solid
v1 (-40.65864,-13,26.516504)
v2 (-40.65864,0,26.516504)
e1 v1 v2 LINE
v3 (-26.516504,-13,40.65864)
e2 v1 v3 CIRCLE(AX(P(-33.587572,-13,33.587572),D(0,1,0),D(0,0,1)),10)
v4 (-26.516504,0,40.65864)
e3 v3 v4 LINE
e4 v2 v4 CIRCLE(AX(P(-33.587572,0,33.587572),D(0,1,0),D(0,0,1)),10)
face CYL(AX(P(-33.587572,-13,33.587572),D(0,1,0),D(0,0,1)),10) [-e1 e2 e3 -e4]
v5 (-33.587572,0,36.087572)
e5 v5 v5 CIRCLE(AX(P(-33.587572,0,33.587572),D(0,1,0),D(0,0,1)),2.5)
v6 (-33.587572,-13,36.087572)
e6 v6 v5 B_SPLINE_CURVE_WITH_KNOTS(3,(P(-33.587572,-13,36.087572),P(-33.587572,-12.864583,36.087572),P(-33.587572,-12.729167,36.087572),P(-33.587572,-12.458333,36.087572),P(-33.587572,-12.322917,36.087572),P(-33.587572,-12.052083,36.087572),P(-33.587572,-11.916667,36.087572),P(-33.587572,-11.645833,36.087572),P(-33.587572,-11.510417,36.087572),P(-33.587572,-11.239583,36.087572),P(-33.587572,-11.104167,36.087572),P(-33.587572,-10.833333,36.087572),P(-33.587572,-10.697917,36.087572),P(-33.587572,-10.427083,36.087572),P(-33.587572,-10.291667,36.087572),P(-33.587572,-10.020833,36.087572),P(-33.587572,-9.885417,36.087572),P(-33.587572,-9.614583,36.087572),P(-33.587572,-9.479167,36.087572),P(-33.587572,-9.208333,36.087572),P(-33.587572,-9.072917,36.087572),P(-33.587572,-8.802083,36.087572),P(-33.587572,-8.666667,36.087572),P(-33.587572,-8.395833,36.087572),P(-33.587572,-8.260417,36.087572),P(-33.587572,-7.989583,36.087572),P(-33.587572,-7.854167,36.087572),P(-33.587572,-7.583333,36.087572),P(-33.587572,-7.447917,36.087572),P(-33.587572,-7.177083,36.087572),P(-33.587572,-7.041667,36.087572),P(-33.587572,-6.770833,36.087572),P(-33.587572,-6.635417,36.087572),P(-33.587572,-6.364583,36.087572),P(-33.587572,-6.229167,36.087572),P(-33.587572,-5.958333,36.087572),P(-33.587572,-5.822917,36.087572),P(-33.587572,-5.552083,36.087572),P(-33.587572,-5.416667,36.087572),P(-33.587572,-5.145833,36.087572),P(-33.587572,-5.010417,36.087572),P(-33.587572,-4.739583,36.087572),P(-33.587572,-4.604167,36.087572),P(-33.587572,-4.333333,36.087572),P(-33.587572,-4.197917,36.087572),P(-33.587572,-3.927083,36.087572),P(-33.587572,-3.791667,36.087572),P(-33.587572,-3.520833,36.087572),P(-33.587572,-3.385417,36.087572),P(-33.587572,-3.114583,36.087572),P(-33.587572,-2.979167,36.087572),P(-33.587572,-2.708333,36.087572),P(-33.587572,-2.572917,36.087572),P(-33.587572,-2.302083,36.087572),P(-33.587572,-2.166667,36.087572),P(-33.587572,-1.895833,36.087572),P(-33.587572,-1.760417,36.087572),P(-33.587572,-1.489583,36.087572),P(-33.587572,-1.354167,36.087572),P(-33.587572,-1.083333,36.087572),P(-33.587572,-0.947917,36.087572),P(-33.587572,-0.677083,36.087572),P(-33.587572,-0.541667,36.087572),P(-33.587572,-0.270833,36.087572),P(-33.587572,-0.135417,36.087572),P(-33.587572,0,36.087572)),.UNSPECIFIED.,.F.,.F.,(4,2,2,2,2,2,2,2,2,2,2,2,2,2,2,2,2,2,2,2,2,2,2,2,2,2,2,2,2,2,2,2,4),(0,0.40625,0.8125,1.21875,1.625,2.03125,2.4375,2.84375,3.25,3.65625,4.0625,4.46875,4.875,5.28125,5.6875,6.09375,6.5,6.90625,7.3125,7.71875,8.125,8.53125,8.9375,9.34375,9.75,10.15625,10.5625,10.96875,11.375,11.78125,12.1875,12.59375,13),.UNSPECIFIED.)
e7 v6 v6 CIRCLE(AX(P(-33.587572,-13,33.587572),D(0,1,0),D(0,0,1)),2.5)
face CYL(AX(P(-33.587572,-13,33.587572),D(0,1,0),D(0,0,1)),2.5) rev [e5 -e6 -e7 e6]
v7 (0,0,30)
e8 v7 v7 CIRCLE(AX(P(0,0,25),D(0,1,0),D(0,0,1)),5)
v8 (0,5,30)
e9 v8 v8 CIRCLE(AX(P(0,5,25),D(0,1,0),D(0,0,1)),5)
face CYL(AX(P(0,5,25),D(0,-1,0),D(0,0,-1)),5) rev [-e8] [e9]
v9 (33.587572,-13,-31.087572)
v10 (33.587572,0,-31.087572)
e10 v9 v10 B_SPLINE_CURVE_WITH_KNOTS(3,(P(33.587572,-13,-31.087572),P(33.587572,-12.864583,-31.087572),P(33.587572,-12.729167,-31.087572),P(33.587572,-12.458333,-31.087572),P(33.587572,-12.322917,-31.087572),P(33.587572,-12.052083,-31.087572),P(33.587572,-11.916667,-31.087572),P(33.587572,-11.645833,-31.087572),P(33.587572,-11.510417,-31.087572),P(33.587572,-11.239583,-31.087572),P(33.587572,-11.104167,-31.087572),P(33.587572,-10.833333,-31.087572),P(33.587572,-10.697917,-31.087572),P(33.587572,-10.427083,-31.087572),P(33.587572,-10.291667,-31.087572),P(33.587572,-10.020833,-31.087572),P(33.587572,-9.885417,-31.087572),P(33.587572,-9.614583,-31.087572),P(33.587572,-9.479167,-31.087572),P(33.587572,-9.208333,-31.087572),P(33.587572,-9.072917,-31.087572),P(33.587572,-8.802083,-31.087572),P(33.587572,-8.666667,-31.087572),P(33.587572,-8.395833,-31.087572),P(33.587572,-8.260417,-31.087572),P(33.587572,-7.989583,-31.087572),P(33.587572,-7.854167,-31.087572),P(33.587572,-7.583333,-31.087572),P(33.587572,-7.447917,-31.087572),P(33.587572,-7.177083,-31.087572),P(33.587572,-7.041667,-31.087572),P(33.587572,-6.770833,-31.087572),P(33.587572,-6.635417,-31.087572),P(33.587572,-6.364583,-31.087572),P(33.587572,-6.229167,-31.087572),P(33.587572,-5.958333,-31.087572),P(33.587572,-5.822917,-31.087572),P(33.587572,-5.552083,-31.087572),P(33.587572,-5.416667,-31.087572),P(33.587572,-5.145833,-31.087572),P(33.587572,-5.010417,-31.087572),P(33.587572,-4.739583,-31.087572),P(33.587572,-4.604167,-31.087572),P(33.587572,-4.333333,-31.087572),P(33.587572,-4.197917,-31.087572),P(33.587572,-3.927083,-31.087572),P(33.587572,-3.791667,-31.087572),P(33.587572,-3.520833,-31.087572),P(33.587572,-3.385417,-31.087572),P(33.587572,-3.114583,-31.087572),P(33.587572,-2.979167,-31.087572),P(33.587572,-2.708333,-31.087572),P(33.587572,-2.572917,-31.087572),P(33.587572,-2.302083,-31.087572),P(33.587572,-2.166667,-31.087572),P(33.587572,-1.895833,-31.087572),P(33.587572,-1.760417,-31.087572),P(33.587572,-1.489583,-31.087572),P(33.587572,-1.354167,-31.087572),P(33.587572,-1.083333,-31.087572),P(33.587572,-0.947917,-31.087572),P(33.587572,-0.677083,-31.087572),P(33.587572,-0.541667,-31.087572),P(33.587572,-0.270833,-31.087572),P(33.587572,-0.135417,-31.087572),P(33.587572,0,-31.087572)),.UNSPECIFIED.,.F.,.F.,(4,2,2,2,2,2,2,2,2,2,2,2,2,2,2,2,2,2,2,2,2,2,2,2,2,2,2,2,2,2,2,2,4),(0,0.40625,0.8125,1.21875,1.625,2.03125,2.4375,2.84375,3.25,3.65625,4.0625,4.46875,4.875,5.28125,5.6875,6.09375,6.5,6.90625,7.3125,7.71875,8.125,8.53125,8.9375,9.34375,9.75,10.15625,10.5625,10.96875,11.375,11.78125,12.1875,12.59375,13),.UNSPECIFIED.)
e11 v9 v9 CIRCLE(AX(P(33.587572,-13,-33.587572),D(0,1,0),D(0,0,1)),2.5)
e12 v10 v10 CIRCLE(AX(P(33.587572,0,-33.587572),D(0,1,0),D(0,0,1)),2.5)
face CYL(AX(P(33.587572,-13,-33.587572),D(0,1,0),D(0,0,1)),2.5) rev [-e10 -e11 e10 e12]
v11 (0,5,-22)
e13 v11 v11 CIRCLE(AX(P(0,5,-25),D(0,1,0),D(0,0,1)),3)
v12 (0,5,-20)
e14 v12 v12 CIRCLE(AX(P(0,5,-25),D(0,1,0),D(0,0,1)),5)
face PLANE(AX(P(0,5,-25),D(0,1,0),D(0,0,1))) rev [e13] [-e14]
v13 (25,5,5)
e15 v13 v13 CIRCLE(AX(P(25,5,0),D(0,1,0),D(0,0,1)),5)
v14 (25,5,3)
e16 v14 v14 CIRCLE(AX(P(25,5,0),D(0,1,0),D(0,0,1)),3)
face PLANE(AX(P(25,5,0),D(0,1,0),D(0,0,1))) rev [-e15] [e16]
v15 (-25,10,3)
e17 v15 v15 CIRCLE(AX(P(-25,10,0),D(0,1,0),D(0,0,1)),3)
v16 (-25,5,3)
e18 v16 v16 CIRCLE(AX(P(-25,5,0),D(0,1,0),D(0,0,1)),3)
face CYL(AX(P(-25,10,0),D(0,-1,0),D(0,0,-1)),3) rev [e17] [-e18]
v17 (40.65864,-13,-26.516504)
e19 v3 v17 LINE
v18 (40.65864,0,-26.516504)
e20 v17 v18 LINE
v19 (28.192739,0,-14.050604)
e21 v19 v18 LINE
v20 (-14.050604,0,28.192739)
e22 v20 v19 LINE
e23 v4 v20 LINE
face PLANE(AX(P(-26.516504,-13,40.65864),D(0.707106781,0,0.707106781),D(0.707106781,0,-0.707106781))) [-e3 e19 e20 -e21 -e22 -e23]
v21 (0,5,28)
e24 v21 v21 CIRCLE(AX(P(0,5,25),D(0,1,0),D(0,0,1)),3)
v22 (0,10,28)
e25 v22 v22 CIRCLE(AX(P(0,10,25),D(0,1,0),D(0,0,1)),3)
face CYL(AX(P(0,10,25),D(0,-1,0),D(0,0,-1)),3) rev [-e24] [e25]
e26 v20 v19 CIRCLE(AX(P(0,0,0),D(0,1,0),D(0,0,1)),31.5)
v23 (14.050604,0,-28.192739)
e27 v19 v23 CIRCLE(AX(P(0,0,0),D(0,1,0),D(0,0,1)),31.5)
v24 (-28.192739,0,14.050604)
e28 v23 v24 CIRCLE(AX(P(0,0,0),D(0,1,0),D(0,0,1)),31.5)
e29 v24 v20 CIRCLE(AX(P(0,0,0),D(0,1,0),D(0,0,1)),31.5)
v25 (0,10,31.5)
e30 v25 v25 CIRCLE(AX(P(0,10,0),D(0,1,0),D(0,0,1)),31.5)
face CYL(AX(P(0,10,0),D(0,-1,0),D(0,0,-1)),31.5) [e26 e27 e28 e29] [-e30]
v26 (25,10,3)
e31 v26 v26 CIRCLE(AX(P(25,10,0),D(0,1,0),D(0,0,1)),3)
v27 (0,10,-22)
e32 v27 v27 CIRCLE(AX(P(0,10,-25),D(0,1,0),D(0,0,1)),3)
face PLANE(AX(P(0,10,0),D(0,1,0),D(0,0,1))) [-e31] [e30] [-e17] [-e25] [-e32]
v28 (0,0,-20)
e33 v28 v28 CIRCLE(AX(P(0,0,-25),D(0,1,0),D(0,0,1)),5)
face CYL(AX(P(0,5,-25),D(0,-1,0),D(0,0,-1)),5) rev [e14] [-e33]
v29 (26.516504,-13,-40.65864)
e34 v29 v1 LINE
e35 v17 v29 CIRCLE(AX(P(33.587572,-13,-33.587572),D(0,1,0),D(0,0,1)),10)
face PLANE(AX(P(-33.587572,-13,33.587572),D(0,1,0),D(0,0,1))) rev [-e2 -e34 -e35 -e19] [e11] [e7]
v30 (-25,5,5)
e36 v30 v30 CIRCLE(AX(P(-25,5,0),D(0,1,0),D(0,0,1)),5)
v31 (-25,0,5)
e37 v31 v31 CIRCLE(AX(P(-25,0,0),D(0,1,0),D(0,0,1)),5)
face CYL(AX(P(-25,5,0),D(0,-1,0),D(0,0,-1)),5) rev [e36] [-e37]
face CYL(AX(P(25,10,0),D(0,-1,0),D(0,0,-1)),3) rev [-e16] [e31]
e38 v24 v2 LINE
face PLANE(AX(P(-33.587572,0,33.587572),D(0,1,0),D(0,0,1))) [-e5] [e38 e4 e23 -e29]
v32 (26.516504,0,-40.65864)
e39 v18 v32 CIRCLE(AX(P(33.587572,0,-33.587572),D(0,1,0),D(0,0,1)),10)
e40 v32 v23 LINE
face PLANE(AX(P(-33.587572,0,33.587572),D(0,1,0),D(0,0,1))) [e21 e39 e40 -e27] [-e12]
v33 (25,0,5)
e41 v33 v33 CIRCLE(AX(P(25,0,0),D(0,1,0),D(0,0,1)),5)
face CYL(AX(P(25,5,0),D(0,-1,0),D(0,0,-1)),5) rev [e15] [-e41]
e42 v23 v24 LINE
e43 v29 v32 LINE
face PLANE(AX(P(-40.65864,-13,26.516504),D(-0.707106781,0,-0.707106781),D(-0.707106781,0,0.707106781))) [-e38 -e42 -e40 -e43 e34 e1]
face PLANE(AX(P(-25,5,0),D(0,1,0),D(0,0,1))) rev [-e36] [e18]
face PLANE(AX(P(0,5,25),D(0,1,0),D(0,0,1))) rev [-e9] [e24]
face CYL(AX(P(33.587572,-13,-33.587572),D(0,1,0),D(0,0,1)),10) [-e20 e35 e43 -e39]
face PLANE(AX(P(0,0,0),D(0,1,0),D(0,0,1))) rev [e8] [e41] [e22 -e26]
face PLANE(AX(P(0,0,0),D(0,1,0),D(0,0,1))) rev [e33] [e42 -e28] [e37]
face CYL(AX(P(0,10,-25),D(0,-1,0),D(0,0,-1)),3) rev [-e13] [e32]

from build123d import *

# Parameters (mm, degrees)
SKETCH1_R           = 31.5
BOSS_EXTRUDE4_DEPTH = 10
SKETCH3_R           = 3
CUT_EXTRUDE2_DEPTH  = 10
SKETCH4_R           = 5
CUT_EXTRUDE3_DEPTH  = 5
SKETCH5_R           = 2.5
BOSS_EXTRUDE5_DEPTH = 13


with BuildPart() as part:
    # Sketch1 → Boss-Extrude4 (new body)
    with BuildSketch(Plane(origin=(0, 0, 0), x_dir=(1, 0, 0), z_dir=(0, 1, 0))):
        with Locations(Location((0, 0, 0), (0, 0, 270))):
            Circle(SKETCH1_R)
    extrude(amount=BOSS_EXTRUDE4_DEPTH)

    # Sketch3 → Cut-Extrude2 (cut)
    with BuildSketch(Plane(origin=(0, 0, 0), x_dir=(1, 0, 0), z_dir=(0, 1, 0))):
        with Locations(Location((0, 25, 0), (0, 0, 270))):
            Circle(SKETCH3_R)
        with Locations(Location((25, 0, 0), (0, 0, 270))):
            Circle(SKETCH3_R)
        with Locations(Location((0, -25, 0), (0, 0, 270))):
            Circle(SKETCH3_R)
        with Locations(Location((-25, 0, 0), (0, 0, 270))):
            Circle(SKETCH3_R)
    extrude(amount=CUT_EXTRUDE2_DEPTH, mode=Mode.SUBTRACT)

    # Sketch4 → Cut-Extrude3 (cut)
    with BuildSketch(Plane(origin=(0, 0, 0), x_dir=(1, 0, 0), z_dir=(0, 1, 0))):
        with Locations(Location((0, 25, 0), (0, 0, 270))):
            Circle(SKETCH4_R)
        with Locations(Location((25, 0, 0), (0, 0, 270))):
            Circle(SKETCH4_R)
        with Locations(Location((0, -25, 0), (0, 0, 270))):
            Circle(SKETCH4_R)
        with Locations(Location((-25, 0, 0), (0, 0, 270))):
            Circle(SKETCH4_R)
    extrude(amount=CUT_EXTRUDE3_DEPTH, mode=Mode.SUBTRACT)

    # Sketch5 → Boss-Extrude5 (add)
    with BuildSketch(Plane(origin=(0, 0, 0), x_dir=(1, 0, 0), z_dir=(0, 1, 0))):
        with BuildLine():
            Line((-40.658639918, -26.516504294), (26.516504294, 40.658639918))
            ThreePointArc((26.516504294, 40.658639918), (40.658639918, 40.658639918), (40.658639918, 26.516504294))
            Line((40.658639918, 26.516504294), (-26.516504294, -40.658639918))
            ThreePointArc((-26.516504294, -40.658639918), (-40.658639918, -40.658639918), (-40.658639918, -26.516504294))
        make_face()
        with Locations(Location((-33.587572106, -33.587572106, 0), (0, 0, 270))):
            Circle(SKETCH5_R, mode=Mode.SUBTRACT)
        with Locations(Location((33.587572106, 33.587572106, 0), (0, 0, 270))):
            Circle(SKETCH5_R, mode=Mode.SUBTRACT)
    extrude(amount=-BOSS_EXTRUDE5_DEPTH)


solid = part.part
